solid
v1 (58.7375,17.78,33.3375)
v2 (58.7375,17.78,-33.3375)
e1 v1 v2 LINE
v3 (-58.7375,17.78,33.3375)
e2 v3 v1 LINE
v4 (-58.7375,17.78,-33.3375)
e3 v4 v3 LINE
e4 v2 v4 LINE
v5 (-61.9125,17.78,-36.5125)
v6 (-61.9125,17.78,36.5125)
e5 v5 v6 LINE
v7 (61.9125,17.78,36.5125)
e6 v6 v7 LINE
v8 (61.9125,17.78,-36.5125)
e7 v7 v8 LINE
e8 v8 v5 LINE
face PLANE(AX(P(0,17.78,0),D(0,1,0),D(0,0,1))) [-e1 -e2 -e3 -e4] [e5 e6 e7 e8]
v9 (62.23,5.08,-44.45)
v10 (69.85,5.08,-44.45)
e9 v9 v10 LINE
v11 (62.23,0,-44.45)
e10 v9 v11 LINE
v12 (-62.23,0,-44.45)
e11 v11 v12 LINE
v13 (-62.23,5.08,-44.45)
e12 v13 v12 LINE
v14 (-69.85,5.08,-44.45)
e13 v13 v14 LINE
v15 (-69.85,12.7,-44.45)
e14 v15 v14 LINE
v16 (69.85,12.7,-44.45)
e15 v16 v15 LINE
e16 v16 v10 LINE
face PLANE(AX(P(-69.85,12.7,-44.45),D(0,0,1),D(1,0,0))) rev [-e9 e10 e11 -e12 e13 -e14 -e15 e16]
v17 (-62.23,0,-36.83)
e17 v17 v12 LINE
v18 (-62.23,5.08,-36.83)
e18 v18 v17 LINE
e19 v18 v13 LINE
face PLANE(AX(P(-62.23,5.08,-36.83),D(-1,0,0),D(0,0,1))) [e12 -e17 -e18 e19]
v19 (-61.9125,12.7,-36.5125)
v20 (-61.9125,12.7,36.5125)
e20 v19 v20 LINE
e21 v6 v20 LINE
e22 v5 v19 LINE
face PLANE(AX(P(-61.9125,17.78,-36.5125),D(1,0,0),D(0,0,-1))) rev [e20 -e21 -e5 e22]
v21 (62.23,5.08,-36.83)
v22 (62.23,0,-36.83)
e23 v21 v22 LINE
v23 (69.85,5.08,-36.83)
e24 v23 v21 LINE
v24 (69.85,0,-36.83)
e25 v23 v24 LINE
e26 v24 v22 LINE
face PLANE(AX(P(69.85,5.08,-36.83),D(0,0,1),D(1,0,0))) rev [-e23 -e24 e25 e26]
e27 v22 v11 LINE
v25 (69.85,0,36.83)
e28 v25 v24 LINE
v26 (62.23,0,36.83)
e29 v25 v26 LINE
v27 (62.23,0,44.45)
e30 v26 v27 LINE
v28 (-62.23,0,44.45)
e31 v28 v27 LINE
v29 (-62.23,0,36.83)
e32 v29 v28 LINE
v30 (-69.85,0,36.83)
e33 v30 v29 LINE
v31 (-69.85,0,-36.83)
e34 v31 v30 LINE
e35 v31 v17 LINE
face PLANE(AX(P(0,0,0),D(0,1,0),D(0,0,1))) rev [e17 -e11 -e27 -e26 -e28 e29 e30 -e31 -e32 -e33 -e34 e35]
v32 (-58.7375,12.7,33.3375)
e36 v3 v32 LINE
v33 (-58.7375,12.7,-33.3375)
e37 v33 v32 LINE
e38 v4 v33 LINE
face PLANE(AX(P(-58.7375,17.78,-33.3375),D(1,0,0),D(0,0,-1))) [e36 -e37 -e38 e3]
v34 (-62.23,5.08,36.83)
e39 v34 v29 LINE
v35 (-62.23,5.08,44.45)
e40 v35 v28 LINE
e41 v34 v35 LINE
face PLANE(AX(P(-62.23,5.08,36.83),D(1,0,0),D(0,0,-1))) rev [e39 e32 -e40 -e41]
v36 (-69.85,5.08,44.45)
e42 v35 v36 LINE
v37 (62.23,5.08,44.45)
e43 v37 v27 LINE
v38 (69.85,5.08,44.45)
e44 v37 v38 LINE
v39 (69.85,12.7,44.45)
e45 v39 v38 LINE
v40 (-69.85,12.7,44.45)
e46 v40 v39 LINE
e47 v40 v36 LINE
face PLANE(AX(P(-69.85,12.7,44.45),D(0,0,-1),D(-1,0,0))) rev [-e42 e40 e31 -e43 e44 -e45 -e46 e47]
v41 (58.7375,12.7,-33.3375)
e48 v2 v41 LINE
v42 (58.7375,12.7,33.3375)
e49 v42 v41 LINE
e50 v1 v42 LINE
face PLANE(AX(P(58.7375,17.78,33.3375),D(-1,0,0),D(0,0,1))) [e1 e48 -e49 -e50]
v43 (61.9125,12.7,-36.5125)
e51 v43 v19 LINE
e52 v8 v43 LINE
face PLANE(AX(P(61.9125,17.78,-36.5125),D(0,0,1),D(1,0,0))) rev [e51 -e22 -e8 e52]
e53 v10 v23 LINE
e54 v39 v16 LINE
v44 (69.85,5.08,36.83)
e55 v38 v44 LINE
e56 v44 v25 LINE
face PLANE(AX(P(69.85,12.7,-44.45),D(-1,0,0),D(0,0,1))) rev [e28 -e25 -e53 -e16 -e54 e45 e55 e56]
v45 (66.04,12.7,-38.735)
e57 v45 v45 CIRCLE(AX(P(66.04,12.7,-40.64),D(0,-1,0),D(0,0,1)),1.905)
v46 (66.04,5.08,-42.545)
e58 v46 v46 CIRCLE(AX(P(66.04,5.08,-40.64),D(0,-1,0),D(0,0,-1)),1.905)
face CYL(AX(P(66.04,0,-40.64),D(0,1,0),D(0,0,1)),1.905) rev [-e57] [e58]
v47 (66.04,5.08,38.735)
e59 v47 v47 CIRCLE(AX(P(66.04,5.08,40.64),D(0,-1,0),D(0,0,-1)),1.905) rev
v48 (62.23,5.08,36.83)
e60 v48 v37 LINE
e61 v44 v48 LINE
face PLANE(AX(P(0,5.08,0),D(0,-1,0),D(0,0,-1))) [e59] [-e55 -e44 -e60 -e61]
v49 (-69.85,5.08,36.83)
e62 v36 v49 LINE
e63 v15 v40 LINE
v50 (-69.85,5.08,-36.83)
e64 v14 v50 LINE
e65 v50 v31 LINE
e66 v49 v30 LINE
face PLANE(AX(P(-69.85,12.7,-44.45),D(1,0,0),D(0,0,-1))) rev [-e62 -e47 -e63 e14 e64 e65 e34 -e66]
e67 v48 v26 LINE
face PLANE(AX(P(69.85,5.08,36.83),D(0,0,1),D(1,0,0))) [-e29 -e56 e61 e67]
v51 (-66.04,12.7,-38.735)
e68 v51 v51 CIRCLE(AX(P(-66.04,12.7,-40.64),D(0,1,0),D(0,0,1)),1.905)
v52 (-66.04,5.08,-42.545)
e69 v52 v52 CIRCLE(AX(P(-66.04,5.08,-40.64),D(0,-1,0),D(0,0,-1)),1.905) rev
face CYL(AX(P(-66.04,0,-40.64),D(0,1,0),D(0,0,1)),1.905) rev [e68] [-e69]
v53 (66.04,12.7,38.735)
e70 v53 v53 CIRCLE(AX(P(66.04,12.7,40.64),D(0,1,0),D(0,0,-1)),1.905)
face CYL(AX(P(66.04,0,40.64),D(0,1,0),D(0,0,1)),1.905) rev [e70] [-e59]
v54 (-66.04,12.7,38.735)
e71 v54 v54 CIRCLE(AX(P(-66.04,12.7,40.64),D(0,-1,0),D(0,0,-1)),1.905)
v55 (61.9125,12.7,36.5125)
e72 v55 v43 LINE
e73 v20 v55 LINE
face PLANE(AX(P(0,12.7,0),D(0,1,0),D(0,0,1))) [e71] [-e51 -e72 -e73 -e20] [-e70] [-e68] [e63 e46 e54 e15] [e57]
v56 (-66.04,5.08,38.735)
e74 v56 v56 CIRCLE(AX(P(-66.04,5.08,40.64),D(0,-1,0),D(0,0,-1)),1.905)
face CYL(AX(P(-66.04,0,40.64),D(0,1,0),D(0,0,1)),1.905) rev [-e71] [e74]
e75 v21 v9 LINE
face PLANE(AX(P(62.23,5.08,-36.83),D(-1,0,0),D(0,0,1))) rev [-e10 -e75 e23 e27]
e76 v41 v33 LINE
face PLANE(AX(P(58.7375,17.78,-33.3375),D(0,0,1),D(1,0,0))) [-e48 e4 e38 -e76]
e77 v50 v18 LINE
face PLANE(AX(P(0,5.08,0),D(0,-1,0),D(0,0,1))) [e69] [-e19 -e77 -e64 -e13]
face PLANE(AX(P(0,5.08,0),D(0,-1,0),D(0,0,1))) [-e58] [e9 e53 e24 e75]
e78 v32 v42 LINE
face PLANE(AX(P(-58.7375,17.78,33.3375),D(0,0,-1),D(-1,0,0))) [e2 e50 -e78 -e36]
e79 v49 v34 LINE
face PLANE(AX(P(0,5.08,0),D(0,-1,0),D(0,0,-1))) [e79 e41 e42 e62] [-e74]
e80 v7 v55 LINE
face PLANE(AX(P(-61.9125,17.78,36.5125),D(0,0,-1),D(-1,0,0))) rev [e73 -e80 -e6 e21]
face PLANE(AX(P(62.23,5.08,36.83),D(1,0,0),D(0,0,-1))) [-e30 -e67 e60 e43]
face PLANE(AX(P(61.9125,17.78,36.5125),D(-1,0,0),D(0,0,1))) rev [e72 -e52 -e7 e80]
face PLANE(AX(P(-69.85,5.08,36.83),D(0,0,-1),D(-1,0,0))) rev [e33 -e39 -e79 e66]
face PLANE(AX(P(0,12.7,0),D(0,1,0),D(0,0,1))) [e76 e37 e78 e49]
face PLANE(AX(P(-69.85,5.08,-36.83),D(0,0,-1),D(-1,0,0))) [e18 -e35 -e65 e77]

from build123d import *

# Parameters (mm, degrees)
SKETCH1_W               = 139.7
SKETCH1_H               = 88.9
BOSS_EXTRUDE1_DEPTH     = 12.7
SKETCH4_R               = 1.905
CUT_EXTRUDE1_DEPTH      = 84.762252835
MIRROR2_COPY_1_SKETCH_R = 1.905
MIRROR2_COPY_1_DEPTH    = 84.762252835
SKETCH5_W               = 123.825
SKETCH5_H               = 73.025
SKETCH5_W_2             = 117.475
SKETCH5_H_2             = 66.675
BOSS_EXTRUDE2_DEPTH     = 5.08
SKETCH6_W               = 7.62
SKETCH6_H               = 7.62
CUT_EXTRUDE2_DEPTH      = 5.08
MIRROR4_COPY_1_SKETCH_W = 7.62
MIRROR4_COPY_1_SKETCH_H = 7.62
MIRROR4_COPY_1_DEPTH    = 5.08


with BuildPart() as part:
    # Sketch1 → Boss-Extrude1 (new body)
    with BuildSketch(Plane(origin=(0, 0, 0), x_dir=(1, 0, 0), z_dir=(0, 1, 0))):
        Rectangle(SKETCH1_W, SKETCH1_H)
    extrude(amount=BOSS_EXTRUDE1_DEPTH)

    # Sketch4 → Cut-Extrude1 (cut, through all)
    with BuildSketch(Plane(origin=(0, 12.7, 0), x_dir=(1, 0, 0), z_dir=(0, 1, 0))):
        with Locations(Location((-66.04, 40.64, 0), (0, 0, 270))):
            Circle(SKETCH4_R)
    cut_extrude1 = extrude(amount=-CUT_EXTRUDE1_DEPTH, mode=Mode.SUBTRACT)

    # Mirror1: Cut-Extrude1 across plane
    add(cut_extrude1.mirror(Plane(origin=(0, 0, 0), x_dir=(0, 0, 1), z_dir=(1, 0, 0))), mode=Mode.SUBTRACT)

    # Mirror2: Cut-Extrude1 across plane
    add(cut_extrude1.mirror(Plane.XY), mode=Mode.SUBTRACT)

    # Mirror2 copy 1 sketch → Mirror2 copy 1 (cut, through all)
    with BuildSketch(Plane(origin=(0, 12.7, 0), x_dir=(-1, 0, 0), z_dir=(0, 1, 0))):
        with Locations(Location((-66.04, 40.64, 0), (0, 0, 270))):
            Circle(MIRROR2_COPY_1_SKETCH_R)
    extrude(amount=-MIRROR2_COPY_1_DEPTH, mode=Mode.SUBTRACT)

    # Sketch5 → Boss-Extrude2 (add)
    with BuildSketch(Plane(origin=(0, 12.7, 0), x_dir=(1, 0, 0), z_dir=(0, 1, 0))):
        Rectangle(SKETCH5_W, SKETCH5_H)
        Rectangle(SKETCH5_W_2, SKETCH5_H_2, mode=Mode.SUBTRACT)
    extrude(amount=BOSS_EXTRUDE2_DEPTH)

    # Sketch6 → Cut-Extrude2 (cut)
    with BuildSketch(Plane.XZ):
        with Locations((-66.04, 40.64)):
            Rectangle(SKETCH6_W, SKETCH6_H)
    cut_extrude2 = extrude(amount=-CUT_EXTRUDE2_DEPTH, mode=Mode.SUBTRACT)

    # Mirror3: Cut-Extrude2 across plane
    add(cut_extrude2.mirror(Plane(origin=(0, 0, 0), x_dir=(0, 0, 1), z_dir=(1, 0, 0))), mode=Mode.SUBTRACT)

    # Mirror4: Cut-Extrude2 across plane
    add(cut_extrude2.mirror(Plane.XY), mode=Mode.SUBTRACT)

    # Mirror4 copy 1 sketch → Mirror4 copy 1 (cut)
    with BuildSketch(Plane(origin=(0, 0, 0), x_dir=(-1, 0, 0), z_dir=(0, -1, 0))):
        with Locations((-66.04, 40.64)):
            Rectangle(MIRROR4_COPY_1_SKETCH_W, MIRROR4_COPY_1_SKETCH_H)
    extrude(amount=-MIRROR4_COPY_1_DEPTH, mode=Mode.SUBTRACT)


solid = part.part
